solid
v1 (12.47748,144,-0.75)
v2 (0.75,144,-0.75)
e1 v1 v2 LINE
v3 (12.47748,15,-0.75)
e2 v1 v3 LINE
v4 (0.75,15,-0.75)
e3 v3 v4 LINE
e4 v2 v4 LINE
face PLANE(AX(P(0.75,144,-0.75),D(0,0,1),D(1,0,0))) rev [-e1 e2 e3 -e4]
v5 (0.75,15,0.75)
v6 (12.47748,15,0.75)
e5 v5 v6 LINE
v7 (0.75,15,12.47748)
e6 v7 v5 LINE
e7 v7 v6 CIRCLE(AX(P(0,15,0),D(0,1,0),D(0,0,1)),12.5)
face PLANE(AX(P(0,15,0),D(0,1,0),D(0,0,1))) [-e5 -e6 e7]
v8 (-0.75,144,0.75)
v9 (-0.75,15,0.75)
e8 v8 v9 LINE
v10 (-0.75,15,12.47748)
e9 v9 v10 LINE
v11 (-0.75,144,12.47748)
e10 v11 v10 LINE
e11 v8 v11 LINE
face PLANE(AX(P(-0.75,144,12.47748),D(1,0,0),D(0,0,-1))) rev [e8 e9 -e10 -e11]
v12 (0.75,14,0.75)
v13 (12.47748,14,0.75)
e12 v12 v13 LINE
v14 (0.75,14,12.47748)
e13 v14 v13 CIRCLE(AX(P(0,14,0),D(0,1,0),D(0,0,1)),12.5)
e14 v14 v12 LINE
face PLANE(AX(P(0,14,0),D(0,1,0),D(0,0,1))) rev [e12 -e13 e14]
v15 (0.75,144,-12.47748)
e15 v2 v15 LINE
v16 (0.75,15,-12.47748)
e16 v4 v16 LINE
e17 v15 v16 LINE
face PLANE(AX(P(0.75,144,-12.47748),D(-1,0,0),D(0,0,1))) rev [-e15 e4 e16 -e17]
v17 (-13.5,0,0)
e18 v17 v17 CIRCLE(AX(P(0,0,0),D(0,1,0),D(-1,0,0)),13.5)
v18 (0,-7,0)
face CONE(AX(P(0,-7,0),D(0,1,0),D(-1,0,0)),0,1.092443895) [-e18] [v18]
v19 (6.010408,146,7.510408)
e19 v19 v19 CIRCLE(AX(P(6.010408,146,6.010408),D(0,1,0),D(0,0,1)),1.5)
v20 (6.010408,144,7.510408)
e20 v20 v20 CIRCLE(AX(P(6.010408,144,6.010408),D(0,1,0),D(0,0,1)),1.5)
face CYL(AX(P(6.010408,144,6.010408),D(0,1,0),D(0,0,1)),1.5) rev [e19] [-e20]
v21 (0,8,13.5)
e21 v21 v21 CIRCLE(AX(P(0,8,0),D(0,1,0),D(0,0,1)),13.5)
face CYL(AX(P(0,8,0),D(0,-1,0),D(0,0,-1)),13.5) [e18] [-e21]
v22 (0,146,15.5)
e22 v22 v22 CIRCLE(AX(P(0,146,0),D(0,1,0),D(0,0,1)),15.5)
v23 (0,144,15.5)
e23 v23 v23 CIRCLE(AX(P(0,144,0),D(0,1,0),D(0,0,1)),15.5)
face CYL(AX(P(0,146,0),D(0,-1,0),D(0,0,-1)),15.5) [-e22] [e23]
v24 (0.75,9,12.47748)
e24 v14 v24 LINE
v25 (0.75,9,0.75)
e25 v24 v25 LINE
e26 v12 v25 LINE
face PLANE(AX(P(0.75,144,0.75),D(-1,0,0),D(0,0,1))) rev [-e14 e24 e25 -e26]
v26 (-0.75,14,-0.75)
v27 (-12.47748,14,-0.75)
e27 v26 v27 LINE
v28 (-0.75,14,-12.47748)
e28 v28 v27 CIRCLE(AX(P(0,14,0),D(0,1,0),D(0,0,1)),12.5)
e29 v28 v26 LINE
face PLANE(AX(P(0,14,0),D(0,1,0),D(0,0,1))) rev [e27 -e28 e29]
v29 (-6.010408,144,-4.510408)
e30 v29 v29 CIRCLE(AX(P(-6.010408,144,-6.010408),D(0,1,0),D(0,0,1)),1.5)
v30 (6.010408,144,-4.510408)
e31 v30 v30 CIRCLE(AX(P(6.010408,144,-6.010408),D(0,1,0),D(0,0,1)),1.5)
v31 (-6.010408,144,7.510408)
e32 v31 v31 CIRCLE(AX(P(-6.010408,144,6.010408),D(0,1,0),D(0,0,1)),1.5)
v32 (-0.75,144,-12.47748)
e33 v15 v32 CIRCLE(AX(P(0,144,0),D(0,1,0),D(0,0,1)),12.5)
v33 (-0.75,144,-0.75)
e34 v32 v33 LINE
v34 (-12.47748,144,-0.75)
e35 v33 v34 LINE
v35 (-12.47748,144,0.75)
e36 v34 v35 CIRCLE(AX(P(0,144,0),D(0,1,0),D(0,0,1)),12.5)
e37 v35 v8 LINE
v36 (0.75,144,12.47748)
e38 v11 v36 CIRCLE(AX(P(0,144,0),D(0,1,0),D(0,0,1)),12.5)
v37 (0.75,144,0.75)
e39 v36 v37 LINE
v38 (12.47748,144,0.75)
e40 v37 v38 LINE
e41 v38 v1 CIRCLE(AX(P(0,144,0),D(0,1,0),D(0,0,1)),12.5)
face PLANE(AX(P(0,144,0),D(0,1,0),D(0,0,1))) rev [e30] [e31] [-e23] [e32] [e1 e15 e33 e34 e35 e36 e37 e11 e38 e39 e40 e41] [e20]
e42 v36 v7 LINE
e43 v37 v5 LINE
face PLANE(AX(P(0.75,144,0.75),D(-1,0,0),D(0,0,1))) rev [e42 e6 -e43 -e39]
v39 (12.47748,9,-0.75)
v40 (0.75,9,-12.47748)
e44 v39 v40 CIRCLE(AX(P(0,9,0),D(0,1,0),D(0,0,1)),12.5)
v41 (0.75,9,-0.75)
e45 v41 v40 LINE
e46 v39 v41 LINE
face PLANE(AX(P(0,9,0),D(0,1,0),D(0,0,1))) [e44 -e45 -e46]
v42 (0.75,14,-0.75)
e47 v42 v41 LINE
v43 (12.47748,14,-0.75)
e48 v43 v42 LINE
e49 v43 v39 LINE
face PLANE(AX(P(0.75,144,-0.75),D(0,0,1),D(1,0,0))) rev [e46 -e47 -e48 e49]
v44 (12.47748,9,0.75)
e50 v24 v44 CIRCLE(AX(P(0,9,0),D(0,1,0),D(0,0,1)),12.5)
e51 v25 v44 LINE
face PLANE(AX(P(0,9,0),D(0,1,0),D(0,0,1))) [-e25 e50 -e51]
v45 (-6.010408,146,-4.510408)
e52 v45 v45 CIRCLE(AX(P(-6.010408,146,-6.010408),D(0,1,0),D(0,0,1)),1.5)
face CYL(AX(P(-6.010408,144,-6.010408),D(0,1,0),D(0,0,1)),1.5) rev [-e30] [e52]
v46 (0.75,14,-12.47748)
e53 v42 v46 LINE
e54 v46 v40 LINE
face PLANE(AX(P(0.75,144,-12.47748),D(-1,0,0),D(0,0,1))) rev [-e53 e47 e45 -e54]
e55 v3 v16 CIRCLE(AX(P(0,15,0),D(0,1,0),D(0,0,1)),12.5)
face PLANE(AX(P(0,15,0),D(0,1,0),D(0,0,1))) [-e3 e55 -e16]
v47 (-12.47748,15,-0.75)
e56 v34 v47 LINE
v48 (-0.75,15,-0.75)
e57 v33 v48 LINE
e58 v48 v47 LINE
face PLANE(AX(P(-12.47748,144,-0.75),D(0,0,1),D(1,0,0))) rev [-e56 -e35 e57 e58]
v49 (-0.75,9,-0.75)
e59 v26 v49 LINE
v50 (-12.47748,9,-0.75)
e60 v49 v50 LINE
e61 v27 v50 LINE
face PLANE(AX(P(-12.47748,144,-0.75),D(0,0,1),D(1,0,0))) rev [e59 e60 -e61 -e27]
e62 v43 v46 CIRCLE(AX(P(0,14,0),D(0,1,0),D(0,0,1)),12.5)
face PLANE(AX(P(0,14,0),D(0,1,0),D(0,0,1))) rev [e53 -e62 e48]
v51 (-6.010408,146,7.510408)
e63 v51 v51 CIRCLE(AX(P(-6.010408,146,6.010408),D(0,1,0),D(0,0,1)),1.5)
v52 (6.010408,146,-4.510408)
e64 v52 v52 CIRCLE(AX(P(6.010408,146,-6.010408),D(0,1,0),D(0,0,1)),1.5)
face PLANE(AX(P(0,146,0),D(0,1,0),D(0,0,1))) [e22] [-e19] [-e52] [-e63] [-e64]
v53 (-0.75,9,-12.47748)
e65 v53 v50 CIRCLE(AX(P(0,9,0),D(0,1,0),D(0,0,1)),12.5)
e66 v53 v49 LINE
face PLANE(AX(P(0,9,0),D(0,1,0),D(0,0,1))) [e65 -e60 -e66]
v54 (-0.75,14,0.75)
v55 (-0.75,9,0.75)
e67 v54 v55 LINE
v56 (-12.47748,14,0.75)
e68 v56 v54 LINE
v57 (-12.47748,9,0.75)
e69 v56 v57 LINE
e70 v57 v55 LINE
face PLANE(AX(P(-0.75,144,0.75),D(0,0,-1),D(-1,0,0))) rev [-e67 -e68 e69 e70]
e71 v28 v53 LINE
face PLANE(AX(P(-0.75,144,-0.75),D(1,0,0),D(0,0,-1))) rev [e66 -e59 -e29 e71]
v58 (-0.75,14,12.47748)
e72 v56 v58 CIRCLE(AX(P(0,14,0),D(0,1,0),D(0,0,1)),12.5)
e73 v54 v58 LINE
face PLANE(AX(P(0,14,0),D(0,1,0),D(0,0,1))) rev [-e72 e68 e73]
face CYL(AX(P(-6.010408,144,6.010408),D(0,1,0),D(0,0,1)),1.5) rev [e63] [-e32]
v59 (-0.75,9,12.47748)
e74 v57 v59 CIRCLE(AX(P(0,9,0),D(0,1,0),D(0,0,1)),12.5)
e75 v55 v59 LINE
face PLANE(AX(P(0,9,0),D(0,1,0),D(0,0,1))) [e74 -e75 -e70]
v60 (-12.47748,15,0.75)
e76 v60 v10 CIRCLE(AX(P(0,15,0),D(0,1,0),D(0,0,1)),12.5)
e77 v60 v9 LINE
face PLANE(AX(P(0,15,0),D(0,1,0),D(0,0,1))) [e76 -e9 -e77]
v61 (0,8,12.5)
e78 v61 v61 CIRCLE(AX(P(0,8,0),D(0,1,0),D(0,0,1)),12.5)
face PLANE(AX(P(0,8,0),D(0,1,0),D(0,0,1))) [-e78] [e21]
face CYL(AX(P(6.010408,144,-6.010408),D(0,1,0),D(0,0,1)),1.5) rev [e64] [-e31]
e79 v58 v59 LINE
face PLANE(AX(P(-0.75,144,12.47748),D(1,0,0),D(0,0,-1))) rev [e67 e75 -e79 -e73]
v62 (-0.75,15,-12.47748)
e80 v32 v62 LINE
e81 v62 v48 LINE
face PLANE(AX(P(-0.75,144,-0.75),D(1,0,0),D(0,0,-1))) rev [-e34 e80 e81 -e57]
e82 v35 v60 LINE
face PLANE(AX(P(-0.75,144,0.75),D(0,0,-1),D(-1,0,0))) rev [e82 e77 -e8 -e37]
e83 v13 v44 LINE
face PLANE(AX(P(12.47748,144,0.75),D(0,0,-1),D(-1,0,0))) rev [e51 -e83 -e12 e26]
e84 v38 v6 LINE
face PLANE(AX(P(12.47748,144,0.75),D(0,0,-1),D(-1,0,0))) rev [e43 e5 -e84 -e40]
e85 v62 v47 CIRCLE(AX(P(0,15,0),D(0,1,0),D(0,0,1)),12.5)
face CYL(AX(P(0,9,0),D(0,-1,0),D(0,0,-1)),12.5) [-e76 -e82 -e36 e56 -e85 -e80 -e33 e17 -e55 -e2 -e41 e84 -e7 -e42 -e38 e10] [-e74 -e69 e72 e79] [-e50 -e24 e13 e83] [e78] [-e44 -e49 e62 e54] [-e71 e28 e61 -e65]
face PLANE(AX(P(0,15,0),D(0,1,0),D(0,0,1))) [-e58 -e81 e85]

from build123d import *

# Parameters (mm, degrees)
SKETCH1_R           = 13.5
BOSS_EXTRUDE1_DEPTH = 8
SKETCH3_R           = 12.5
BOSS_EXTRUDE3_DEPTH = 1
BOSS_EXTRUDE4_DEPTH = 135
SKETCH5_R           = 12.5
BOSS_EXTRUDE5_DEPTH = 1
SKETCH7_R           = 15.5
BOSS_EXTRUDE8_DEPTH = 2
SKETCH9_R           = 1.5
CUT_EXTRUDE1_DEPTH  = 2


with BuildPart() as part:
    # Sketch1 → Boss-Extrude1 (new body)
    with BuildSketch(Plane(origin=(0, 0, 0), x_dir=(1, 0, 0), z_dir=(0, 1, 0))):
        Circle(SKETCH1_R)
    extrude(amount=BOSS_EXTRUDE1_DEPTH)

    # Sketch3 → Boss-Extrude3 (add)
    with BuildSketch(Plane(origin=(0, 8, 0), x_dir=(1, 0, 0), z_dir=(0, 1, 0))):
        Circle(SKETCH3_R)
    extrude(amount=BOSS_EXTRUDE3_DEPTH)

    # Sketch4 → Boss-Extrude4 (add)
    with BuildSketch(Plane(origin=(0, 9, 0), x_dir=(1, 0, 0), z_dir=(0, 1, 0))):
        with BuildLine():
            Line((-0.75, -0.75), (-12.477479713, -0.75))
            ThreePointArc((-12.477479713, -0.75), (-12.5, 0), (-12.477479713, 0.75))
            Line((-12.477479713, 0.75), (-0.75, 0.75))
            Line((-0.75, 0.75), (-0.75, 12.477479713))
            ThreePointArc((-0.75, 12.477479713), (0, 12.5), (0.75, 12.477479713))
            Line((0.75, 12.477479713), (0.75, 0.75))
            Line((0.75, 0.75), (12.477479713, 0.75))
            ThreePointArc((12.477479713, 0.75), (12.5, 0), (12.477479713, -0.75))
            Line((12.477479713, -0.75), (0.75, -0.75))
            Line((0.75, -0.75), (0.75, -12.477479713))
            ThreePointArc((0.75, -12.477479713), (0, -12.5), (-0.75, -12.477479713))
            Line((-0.75, -12.477479713), (-0.75, -0.75))
        make_face()
    extrude(amount=BOSS_EXTRUDE4_DEPTH)

    # Sketch5 → Boss-Extrude5 (add)
    with BuildSketch(Plane(origin=(0, 14, 0), x_dir=(1, 0, 0), z_dir=(0, 1, 0))):
        Circle(SKETCH5_R)
    extrude(amount=BOSS_EXTRUDE5_DEPTH)

    # Sketch8 → Revolve1 (revolve)
    with BuildSketch(Plane.XY):
        Polygon((0, 0), (0, -7), (13.5, 0), align=None)
    revolve(axis=Axis((0, 0, 0), (0, -1, 0)))

    # Sketch7 → Boss-Extrude8 (add)
    with BuildSketch(Plane(origin=(0, 144, 0), x_dir=(1, 0, 0), z_dir=(0, 1, 0))):
        Circle(SKETCH7_R)
    extrude(amount=BOSS_EXTRUDE8_DEPTH)

    # Sketch9 → Cut-Extrude1 (cut)
    with BuildSketch(Plane(origin=(0, 146, 0), x_dir=(1, 0, 0), z_dir=(0, 1, 0))):
        with Locations((-6.01040764, 6.01040764)):
            Circle(SKETCH9_R)
        with Locations((6.01040764, 6.01040764)):
            Circle(SKETCH9_R)
        with Locations((6.01040764, -6.01040764)):
            Circle(SKETCH9_R)
        with Locations((-6.01040764, -6.01040764)):
            Circle(SKETCH9_R)
    extrude(amount=-CUT_EXTRUDE1_DEPTH, mode=Mode.SUBTRACT)


solid = part.part
